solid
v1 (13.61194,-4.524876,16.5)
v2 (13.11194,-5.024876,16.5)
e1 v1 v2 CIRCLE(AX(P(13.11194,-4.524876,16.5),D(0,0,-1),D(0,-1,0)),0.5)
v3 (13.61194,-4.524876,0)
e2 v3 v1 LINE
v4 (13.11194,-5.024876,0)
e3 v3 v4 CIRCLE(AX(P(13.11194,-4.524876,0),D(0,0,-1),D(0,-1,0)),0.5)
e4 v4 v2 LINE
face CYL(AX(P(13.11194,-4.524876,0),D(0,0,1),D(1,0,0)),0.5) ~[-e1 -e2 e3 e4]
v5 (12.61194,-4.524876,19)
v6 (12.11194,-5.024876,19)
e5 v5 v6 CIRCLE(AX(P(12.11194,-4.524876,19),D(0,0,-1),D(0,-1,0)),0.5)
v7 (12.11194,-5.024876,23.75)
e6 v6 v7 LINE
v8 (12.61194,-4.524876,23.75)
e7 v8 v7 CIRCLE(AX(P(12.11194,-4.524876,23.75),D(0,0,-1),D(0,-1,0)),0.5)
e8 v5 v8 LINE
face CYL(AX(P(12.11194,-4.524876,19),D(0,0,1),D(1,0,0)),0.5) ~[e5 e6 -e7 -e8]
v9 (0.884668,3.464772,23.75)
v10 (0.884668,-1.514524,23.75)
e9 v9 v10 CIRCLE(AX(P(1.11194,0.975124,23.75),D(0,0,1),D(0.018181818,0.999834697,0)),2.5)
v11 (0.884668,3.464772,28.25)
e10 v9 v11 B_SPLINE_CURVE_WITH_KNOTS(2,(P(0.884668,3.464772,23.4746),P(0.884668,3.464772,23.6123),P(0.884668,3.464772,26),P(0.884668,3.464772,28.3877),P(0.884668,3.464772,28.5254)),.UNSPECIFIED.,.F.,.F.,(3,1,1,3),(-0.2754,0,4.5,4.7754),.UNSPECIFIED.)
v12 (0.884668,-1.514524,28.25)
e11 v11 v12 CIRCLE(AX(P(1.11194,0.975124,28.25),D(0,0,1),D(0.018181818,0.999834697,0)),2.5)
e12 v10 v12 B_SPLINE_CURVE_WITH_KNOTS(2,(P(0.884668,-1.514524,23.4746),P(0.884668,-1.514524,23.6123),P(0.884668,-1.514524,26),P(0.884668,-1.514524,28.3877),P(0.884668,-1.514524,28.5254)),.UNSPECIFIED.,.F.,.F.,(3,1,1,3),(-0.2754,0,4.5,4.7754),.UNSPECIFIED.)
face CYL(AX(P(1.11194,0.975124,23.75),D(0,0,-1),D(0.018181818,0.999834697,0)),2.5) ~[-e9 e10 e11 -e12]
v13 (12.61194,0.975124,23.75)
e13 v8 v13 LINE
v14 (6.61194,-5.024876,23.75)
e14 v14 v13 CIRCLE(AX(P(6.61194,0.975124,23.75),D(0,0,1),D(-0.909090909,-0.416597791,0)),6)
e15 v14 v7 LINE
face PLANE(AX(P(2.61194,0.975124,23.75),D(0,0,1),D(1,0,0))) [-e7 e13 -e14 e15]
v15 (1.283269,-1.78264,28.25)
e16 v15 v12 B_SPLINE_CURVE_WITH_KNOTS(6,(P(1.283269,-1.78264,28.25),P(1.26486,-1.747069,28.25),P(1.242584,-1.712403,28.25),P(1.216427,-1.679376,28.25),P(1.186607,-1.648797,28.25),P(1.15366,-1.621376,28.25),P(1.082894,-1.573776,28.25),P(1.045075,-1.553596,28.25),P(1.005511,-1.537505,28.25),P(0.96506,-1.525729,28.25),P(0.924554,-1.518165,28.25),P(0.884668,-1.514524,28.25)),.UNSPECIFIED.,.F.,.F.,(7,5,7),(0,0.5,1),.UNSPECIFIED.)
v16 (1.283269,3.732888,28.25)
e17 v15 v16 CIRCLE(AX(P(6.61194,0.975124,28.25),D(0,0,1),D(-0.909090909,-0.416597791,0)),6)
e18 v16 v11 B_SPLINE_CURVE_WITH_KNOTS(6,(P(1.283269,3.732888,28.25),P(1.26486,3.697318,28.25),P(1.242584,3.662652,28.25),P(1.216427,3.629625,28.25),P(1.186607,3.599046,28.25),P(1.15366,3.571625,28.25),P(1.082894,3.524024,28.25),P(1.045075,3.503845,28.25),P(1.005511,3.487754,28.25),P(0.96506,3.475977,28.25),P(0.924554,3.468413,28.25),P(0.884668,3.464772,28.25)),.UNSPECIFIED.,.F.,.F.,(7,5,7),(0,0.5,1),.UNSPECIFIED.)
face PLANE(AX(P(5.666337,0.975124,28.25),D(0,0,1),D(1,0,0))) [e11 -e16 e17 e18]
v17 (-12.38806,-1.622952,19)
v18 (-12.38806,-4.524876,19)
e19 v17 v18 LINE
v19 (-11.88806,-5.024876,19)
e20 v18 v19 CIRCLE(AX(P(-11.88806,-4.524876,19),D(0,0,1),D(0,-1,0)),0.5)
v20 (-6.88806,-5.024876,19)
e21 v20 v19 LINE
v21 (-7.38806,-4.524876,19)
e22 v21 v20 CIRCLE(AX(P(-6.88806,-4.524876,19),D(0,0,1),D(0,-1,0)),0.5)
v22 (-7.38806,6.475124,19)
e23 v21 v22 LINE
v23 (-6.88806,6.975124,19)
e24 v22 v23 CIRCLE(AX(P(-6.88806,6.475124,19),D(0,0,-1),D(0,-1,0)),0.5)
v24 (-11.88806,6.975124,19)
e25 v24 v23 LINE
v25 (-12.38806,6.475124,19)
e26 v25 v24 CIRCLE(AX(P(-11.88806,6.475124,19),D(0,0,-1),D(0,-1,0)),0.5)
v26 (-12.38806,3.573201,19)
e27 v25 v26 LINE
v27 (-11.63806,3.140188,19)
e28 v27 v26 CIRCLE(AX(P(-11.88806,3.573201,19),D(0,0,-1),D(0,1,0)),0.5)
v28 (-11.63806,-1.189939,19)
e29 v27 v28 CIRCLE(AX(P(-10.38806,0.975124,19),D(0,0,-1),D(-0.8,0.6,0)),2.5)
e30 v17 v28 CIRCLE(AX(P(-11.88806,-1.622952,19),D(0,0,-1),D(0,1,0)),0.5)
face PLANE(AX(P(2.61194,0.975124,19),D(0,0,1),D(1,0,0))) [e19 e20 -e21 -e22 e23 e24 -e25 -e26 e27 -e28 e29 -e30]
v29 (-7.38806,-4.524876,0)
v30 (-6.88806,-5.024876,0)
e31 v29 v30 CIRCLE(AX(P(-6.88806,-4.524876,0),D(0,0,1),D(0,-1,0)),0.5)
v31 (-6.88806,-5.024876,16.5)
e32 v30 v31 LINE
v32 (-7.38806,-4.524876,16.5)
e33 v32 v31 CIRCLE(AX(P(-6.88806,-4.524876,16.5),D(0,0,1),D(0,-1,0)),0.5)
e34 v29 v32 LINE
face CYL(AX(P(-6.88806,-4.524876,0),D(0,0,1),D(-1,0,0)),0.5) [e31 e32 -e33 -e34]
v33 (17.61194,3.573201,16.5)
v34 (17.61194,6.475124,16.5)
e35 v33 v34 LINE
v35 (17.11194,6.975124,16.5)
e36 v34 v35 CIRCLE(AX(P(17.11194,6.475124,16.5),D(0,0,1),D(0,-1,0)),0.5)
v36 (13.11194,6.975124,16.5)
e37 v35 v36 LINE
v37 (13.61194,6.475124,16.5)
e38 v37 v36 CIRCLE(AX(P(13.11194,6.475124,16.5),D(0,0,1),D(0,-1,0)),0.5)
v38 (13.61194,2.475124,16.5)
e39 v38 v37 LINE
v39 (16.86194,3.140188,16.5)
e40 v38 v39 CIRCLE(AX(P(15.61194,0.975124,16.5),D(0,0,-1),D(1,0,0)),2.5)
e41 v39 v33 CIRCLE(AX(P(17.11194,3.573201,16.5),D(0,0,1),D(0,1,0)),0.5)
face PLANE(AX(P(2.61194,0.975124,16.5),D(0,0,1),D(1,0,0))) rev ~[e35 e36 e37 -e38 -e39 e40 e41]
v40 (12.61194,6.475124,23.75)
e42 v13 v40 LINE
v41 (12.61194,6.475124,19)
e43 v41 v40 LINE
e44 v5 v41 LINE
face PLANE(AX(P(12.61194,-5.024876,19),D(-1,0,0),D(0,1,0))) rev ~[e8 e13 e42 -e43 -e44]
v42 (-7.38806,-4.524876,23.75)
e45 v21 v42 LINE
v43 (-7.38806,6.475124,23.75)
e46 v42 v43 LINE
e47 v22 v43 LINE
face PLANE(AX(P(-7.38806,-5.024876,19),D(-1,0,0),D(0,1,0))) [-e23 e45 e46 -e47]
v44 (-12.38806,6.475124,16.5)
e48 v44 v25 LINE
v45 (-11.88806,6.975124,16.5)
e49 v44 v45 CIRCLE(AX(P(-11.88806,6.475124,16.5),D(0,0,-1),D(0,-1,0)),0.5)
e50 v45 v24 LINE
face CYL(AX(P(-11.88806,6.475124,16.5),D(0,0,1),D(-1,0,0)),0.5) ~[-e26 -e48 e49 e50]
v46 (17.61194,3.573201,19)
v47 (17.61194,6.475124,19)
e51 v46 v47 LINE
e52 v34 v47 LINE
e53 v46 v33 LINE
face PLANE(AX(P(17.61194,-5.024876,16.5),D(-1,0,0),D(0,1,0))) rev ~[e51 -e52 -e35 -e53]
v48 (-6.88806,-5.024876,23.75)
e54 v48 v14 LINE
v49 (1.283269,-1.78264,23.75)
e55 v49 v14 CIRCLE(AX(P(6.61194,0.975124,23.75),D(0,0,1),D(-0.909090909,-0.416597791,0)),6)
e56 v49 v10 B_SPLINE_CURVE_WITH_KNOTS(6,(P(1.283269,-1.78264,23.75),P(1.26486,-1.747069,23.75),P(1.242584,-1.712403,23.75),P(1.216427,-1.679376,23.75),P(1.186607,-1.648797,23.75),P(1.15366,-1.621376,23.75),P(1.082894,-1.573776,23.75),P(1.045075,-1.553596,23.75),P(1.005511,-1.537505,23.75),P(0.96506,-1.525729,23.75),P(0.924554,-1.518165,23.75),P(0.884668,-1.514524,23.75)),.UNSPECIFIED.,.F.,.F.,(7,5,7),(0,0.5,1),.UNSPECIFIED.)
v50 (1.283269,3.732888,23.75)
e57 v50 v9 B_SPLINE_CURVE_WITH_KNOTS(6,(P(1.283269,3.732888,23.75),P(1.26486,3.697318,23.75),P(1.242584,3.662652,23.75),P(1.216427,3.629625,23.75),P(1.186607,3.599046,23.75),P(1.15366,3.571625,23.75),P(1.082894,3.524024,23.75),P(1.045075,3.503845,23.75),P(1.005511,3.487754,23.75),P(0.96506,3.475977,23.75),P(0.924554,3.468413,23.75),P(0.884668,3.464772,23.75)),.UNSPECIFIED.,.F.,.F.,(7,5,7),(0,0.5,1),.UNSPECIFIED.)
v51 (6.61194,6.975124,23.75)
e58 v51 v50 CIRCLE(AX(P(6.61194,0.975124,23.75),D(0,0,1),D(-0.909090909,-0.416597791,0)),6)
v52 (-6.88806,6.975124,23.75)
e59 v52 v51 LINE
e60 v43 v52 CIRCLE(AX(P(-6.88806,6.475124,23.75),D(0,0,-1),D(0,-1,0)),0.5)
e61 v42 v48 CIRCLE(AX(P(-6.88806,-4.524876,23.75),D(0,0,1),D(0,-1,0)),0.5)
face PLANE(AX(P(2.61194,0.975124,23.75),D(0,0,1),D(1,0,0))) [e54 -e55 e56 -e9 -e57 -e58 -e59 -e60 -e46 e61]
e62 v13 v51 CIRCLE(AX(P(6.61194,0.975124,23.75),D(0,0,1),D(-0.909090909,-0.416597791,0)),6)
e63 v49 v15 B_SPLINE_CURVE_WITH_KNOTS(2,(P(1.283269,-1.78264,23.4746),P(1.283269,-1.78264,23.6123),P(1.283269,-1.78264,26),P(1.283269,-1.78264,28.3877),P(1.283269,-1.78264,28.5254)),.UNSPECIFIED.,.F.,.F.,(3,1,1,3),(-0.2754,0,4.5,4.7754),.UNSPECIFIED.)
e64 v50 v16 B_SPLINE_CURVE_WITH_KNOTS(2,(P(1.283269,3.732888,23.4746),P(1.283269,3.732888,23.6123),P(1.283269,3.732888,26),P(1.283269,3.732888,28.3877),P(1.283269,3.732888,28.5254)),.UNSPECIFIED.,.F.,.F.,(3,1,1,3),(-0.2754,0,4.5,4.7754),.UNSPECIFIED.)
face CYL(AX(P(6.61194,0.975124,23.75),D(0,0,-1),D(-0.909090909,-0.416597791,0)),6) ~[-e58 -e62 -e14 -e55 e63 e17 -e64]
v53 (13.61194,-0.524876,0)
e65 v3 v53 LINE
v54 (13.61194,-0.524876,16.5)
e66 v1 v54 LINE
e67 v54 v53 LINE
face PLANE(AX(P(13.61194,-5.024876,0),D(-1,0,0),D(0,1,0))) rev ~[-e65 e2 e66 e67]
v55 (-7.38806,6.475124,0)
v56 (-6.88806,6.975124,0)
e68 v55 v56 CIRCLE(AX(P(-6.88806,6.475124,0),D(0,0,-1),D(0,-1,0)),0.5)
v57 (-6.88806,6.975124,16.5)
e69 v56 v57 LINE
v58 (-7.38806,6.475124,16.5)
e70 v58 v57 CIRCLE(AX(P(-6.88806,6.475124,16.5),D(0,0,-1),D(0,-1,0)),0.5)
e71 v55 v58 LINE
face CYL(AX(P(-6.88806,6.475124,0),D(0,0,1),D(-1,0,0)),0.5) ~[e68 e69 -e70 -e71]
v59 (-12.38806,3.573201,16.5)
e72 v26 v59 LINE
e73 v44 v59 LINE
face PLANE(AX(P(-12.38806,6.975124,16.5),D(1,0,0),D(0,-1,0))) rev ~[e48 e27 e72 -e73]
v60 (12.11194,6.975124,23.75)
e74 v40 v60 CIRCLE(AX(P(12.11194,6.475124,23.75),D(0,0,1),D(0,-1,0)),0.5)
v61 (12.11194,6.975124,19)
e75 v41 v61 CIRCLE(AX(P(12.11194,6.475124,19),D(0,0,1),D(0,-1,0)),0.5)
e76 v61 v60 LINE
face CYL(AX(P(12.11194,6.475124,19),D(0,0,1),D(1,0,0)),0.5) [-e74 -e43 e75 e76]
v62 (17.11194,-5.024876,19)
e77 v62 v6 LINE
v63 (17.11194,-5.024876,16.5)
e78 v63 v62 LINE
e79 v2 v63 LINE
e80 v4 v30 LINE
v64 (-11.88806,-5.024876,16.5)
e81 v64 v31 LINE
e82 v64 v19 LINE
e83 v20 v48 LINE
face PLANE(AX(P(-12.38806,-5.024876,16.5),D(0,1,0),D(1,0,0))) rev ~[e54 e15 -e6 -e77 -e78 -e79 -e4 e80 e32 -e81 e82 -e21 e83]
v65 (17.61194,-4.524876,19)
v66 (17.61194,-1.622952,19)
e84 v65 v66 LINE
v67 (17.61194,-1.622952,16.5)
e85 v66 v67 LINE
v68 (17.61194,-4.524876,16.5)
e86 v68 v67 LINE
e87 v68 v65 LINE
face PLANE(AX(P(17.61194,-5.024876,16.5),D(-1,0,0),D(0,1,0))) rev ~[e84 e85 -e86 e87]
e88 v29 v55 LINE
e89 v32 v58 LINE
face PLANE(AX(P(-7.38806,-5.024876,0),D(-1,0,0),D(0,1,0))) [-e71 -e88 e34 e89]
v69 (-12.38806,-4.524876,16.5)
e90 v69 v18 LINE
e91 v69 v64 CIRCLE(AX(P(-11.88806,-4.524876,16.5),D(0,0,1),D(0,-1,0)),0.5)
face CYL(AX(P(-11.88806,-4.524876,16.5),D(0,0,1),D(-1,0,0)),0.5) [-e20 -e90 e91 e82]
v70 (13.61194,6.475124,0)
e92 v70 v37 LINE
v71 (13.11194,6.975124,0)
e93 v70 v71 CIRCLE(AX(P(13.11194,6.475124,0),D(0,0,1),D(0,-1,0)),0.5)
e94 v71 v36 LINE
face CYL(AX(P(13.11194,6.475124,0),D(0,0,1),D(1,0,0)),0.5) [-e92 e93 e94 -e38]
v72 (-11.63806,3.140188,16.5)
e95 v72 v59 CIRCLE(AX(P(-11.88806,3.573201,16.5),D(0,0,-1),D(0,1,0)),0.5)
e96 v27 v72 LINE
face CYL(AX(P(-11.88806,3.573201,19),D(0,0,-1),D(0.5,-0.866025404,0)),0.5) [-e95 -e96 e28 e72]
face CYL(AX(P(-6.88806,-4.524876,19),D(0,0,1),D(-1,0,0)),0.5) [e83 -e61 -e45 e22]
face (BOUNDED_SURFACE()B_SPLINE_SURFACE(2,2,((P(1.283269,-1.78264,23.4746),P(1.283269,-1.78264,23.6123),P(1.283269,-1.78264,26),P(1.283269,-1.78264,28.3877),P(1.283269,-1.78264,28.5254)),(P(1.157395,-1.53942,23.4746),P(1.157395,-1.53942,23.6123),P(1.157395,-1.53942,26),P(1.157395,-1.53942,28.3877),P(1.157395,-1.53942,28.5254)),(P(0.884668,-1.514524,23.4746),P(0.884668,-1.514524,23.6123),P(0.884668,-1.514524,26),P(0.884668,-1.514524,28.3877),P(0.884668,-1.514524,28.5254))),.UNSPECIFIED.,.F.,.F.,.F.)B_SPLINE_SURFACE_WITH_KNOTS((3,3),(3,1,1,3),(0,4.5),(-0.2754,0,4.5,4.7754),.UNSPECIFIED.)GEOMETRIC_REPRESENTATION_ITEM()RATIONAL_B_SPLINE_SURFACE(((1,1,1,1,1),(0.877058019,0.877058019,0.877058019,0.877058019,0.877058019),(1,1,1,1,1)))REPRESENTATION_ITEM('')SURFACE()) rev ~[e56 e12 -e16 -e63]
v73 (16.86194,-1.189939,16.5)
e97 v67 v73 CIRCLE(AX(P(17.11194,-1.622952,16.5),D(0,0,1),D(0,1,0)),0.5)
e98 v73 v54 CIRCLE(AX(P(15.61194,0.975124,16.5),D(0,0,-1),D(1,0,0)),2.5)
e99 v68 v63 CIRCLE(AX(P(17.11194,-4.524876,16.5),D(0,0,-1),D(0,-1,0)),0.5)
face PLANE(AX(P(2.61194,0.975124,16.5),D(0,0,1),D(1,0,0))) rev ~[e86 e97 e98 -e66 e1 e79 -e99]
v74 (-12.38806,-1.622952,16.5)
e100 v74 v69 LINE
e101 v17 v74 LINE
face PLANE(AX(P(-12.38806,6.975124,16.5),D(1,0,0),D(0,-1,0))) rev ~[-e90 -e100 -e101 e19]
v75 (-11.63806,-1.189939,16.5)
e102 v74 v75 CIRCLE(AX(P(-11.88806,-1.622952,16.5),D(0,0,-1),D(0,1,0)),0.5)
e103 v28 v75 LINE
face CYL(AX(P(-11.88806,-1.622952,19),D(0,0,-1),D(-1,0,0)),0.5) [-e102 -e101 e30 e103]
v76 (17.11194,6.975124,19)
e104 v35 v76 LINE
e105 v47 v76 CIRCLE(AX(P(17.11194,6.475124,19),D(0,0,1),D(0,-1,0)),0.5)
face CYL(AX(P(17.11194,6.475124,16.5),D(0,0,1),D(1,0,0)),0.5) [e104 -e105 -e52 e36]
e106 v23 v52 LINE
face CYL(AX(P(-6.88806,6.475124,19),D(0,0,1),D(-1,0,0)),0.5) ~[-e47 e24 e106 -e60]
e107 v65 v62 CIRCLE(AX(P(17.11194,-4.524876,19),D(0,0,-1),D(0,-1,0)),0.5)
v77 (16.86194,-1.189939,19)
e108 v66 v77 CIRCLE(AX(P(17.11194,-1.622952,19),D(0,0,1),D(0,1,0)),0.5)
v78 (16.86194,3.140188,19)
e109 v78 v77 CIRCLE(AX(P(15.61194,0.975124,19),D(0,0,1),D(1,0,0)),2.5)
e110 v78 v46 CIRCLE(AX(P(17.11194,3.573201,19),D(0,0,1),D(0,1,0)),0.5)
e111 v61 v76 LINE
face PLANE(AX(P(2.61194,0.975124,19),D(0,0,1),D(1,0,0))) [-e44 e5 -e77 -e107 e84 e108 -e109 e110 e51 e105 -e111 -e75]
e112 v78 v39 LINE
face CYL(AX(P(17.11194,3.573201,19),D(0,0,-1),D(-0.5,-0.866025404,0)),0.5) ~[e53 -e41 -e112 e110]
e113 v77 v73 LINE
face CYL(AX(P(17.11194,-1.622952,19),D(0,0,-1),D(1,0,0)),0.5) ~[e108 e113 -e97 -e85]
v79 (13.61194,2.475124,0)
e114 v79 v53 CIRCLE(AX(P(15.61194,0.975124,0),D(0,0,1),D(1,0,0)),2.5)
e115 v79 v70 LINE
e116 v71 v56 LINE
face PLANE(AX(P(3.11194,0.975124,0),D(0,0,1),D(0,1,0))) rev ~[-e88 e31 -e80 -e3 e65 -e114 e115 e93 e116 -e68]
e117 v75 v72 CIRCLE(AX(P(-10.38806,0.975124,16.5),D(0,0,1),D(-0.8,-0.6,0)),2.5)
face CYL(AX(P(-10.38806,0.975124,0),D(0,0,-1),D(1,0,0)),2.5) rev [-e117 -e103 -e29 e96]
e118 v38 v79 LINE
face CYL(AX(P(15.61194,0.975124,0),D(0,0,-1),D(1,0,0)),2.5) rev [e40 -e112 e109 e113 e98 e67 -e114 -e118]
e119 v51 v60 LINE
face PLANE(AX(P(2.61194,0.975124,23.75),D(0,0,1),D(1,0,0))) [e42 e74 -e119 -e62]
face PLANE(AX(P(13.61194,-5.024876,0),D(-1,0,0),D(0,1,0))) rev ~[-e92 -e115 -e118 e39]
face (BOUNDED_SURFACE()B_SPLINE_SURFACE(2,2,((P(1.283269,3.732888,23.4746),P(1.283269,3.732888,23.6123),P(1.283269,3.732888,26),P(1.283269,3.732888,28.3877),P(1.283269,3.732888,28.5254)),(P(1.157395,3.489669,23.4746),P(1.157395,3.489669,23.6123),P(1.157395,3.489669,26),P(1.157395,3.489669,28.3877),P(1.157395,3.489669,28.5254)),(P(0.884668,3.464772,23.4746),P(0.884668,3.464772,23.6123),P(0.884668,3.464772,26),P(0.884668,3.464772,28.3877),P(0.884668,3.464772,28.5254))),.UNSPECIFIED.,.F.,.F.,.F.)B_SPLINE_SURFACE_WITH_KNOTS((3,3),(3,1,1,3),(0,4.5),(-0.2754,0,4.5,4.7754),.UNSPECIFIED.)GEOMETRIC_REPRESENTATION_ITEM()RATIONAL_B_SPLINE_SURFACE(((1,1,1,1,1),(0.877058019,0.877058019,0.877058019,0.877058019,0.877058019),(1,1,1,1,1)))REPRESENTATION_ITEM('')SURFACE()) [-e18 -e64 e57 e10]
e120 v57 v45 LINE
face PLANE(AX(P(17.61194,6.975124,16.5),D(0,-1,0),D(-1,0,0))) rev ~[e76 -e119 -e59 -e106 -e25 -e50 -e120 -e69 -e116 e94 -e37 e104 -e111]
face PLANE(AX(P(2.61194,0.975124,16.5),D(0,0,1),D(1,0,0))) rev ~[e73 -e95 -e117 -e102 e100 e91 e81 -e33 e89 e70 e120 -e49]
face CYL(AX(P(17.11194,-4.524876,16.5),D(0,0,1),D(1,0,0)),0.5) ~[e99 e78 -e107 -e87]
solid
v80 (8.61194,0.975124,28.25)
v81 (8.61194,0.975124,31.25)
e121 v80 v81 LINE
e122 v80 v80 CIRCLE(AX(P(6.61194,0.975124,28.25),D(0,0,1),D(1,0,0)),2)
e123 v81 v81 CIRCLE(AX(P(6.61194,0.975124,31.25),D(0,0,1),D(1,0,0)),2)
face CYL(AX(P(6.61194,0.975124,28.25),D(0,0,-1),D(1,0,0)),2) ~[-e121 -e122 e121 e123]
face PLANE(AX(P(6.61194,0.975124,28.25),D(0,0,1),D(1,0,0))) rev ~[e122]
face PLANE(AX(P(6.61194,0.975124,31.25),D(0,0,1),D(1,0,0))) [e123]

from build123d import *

# Parameters (mm, degrees)
SKETCH1_W           = 12
SKETCH1_H           = 21
BOSS_EXTRUDE1_DEPTH = 16.5
BOSS_EXTRUDE2_DEPTH = 2.5
SKETCH3_W           = 20
SKETCH3_H           = 12
BOSS_EXTRUDE3_DEPTH = 4.75
BOSS_EXTRUDE4_DEPTH = 4.5
SKETCH5_R           = 2
BOSS_EXTRUDE5_DEPTH = 3
CUT_EXTRUDE1_START  = -19
SKETCH7_R           = 2.5
CUT_EXTRUDE1_DEPTH  = 19
FILLET1_R           = 0.5


with BuildPart() as part:
    # Sketch1 → Boss-Extrude1 (new body)
    with BuildSketch(Plane(origin=(0, 0, 0), x_dir=(0, 1, 0), z_dir=(0, 0, 1))):
        with Locations((0.975124378, -3.111940299)):
            Rectangle(SKETCH1_W, SKETCH1_H)
    extrude(amount=BOSS_EXTRUDE1_DEPTH)

    # Sketch2 → Boss-Extrude2 (add)
    with BuildSketch(Plane.XY.offset(16.5)):
        Polygon((-7.388059701, 6.975124378), (-12.388059701, 6.975124378), (-12.388059701, -5.024875622), (-7.388059701, -5.024875622), (13.611940299, -5.024875622), (17.611940299, -5.024875622), (17.611940299, 6.975124378), (12.611940299, 6.975124378), align=None)
    extrude(amount=BOSS_EXTRUDE2_DEPTH)

    # Sketch3 → Boss-Extrude3 (add)
    with BuildSketch(Plane.XY.offset(19)):
        with Locations((2.611940299, 0.975124378)):
            Rectangle(SKETCH3_W, SKETCH3_H)
    extrude(amount=BOSS_EXTRUDE3_DEPTH)

    # Sketch4 → Boss-Extrude4 (add)
    with BuildSketch(Plane.XY.offset(23.75)):
        with BuildLine():
            ThreePointArc((1.157394845, -1.524462367), (12.611940299, 0.975124378), (1.157394845, 3.474711123))
            ThreePointArc((1.157394845, 3.474711123), (-1.388059703, 0.975124378), (1.157394845, -1.524462367))
        make_face()
    extrude(amount=BOSS_EXTRUDE4_DEPTH)

    # Sketch7 → Cut-Extrude1 (cut)
    with BuildSketch(Plane.XY.offset(19).offset(CUT_EXTRUDE1_START)):
        with Locations((15.611940299, 0.975124378)):
            Circle(SKETCH7_R)
        with Locations((-10.388059701, 0.975124378)):
            Circle(SKETCH7_R)
    extrude(amount=CUT_EXTRUDE1_DEPTH, mode=Mode.SUBTRACT)

    # Fillet1
    fillet1_edges = [part.edges().sort_by_distance(p)[0] for p in [
        (-12.388059701, 6.975124378, 17.75),
        (-12.388059701, -5.024875622, 17.75),
        (17.611940299, -5.024875622, 17.75),
        (17.611940299, 6.975124378, 17.75),
        (-7.388059701, 6.975124378, 21.375),
        (-7.388059701, -5.024875622, 21.375),
        (12.611940299, -5.024875622, 21.375),
        (12.611940299, 6.975124378, 21.375),
        (1.157394845, 3.474711123, 26),
        (1.157394845, -1.524462367, 26),
        (17.611940299, -0.524875622, 17.75),
        (17.611940299, 2.475124378, 17.75),
        (-12.388059701, 2.475124378, 17.75),
        (-12.388059701, -0.524875622, 17.75),
        (13.611940299, 6.975124378, 8.25),
        (13.611940299, -5.024875622, 8.25),
        (-7.388059701, -5.024875622, 8.25),
        (-7.388059701, 6.975124378, 8.25),
    ]]
    fillet(fillet1_edges, radius=FILLET1_R)


with BuildPart() as body_2:
    # Sketch5 → Boss-Extrude5 (new body)
    with BuildSketch(Plane.XY.offset(28.25)):
        with Locations((6.611940299, 0.975124378)):
            Circle(SKETCH5_R)
    extrude(amount=BOSS_EXTRUDE5_DEPTH)


solid = Compound([part.part, body_2.part])
